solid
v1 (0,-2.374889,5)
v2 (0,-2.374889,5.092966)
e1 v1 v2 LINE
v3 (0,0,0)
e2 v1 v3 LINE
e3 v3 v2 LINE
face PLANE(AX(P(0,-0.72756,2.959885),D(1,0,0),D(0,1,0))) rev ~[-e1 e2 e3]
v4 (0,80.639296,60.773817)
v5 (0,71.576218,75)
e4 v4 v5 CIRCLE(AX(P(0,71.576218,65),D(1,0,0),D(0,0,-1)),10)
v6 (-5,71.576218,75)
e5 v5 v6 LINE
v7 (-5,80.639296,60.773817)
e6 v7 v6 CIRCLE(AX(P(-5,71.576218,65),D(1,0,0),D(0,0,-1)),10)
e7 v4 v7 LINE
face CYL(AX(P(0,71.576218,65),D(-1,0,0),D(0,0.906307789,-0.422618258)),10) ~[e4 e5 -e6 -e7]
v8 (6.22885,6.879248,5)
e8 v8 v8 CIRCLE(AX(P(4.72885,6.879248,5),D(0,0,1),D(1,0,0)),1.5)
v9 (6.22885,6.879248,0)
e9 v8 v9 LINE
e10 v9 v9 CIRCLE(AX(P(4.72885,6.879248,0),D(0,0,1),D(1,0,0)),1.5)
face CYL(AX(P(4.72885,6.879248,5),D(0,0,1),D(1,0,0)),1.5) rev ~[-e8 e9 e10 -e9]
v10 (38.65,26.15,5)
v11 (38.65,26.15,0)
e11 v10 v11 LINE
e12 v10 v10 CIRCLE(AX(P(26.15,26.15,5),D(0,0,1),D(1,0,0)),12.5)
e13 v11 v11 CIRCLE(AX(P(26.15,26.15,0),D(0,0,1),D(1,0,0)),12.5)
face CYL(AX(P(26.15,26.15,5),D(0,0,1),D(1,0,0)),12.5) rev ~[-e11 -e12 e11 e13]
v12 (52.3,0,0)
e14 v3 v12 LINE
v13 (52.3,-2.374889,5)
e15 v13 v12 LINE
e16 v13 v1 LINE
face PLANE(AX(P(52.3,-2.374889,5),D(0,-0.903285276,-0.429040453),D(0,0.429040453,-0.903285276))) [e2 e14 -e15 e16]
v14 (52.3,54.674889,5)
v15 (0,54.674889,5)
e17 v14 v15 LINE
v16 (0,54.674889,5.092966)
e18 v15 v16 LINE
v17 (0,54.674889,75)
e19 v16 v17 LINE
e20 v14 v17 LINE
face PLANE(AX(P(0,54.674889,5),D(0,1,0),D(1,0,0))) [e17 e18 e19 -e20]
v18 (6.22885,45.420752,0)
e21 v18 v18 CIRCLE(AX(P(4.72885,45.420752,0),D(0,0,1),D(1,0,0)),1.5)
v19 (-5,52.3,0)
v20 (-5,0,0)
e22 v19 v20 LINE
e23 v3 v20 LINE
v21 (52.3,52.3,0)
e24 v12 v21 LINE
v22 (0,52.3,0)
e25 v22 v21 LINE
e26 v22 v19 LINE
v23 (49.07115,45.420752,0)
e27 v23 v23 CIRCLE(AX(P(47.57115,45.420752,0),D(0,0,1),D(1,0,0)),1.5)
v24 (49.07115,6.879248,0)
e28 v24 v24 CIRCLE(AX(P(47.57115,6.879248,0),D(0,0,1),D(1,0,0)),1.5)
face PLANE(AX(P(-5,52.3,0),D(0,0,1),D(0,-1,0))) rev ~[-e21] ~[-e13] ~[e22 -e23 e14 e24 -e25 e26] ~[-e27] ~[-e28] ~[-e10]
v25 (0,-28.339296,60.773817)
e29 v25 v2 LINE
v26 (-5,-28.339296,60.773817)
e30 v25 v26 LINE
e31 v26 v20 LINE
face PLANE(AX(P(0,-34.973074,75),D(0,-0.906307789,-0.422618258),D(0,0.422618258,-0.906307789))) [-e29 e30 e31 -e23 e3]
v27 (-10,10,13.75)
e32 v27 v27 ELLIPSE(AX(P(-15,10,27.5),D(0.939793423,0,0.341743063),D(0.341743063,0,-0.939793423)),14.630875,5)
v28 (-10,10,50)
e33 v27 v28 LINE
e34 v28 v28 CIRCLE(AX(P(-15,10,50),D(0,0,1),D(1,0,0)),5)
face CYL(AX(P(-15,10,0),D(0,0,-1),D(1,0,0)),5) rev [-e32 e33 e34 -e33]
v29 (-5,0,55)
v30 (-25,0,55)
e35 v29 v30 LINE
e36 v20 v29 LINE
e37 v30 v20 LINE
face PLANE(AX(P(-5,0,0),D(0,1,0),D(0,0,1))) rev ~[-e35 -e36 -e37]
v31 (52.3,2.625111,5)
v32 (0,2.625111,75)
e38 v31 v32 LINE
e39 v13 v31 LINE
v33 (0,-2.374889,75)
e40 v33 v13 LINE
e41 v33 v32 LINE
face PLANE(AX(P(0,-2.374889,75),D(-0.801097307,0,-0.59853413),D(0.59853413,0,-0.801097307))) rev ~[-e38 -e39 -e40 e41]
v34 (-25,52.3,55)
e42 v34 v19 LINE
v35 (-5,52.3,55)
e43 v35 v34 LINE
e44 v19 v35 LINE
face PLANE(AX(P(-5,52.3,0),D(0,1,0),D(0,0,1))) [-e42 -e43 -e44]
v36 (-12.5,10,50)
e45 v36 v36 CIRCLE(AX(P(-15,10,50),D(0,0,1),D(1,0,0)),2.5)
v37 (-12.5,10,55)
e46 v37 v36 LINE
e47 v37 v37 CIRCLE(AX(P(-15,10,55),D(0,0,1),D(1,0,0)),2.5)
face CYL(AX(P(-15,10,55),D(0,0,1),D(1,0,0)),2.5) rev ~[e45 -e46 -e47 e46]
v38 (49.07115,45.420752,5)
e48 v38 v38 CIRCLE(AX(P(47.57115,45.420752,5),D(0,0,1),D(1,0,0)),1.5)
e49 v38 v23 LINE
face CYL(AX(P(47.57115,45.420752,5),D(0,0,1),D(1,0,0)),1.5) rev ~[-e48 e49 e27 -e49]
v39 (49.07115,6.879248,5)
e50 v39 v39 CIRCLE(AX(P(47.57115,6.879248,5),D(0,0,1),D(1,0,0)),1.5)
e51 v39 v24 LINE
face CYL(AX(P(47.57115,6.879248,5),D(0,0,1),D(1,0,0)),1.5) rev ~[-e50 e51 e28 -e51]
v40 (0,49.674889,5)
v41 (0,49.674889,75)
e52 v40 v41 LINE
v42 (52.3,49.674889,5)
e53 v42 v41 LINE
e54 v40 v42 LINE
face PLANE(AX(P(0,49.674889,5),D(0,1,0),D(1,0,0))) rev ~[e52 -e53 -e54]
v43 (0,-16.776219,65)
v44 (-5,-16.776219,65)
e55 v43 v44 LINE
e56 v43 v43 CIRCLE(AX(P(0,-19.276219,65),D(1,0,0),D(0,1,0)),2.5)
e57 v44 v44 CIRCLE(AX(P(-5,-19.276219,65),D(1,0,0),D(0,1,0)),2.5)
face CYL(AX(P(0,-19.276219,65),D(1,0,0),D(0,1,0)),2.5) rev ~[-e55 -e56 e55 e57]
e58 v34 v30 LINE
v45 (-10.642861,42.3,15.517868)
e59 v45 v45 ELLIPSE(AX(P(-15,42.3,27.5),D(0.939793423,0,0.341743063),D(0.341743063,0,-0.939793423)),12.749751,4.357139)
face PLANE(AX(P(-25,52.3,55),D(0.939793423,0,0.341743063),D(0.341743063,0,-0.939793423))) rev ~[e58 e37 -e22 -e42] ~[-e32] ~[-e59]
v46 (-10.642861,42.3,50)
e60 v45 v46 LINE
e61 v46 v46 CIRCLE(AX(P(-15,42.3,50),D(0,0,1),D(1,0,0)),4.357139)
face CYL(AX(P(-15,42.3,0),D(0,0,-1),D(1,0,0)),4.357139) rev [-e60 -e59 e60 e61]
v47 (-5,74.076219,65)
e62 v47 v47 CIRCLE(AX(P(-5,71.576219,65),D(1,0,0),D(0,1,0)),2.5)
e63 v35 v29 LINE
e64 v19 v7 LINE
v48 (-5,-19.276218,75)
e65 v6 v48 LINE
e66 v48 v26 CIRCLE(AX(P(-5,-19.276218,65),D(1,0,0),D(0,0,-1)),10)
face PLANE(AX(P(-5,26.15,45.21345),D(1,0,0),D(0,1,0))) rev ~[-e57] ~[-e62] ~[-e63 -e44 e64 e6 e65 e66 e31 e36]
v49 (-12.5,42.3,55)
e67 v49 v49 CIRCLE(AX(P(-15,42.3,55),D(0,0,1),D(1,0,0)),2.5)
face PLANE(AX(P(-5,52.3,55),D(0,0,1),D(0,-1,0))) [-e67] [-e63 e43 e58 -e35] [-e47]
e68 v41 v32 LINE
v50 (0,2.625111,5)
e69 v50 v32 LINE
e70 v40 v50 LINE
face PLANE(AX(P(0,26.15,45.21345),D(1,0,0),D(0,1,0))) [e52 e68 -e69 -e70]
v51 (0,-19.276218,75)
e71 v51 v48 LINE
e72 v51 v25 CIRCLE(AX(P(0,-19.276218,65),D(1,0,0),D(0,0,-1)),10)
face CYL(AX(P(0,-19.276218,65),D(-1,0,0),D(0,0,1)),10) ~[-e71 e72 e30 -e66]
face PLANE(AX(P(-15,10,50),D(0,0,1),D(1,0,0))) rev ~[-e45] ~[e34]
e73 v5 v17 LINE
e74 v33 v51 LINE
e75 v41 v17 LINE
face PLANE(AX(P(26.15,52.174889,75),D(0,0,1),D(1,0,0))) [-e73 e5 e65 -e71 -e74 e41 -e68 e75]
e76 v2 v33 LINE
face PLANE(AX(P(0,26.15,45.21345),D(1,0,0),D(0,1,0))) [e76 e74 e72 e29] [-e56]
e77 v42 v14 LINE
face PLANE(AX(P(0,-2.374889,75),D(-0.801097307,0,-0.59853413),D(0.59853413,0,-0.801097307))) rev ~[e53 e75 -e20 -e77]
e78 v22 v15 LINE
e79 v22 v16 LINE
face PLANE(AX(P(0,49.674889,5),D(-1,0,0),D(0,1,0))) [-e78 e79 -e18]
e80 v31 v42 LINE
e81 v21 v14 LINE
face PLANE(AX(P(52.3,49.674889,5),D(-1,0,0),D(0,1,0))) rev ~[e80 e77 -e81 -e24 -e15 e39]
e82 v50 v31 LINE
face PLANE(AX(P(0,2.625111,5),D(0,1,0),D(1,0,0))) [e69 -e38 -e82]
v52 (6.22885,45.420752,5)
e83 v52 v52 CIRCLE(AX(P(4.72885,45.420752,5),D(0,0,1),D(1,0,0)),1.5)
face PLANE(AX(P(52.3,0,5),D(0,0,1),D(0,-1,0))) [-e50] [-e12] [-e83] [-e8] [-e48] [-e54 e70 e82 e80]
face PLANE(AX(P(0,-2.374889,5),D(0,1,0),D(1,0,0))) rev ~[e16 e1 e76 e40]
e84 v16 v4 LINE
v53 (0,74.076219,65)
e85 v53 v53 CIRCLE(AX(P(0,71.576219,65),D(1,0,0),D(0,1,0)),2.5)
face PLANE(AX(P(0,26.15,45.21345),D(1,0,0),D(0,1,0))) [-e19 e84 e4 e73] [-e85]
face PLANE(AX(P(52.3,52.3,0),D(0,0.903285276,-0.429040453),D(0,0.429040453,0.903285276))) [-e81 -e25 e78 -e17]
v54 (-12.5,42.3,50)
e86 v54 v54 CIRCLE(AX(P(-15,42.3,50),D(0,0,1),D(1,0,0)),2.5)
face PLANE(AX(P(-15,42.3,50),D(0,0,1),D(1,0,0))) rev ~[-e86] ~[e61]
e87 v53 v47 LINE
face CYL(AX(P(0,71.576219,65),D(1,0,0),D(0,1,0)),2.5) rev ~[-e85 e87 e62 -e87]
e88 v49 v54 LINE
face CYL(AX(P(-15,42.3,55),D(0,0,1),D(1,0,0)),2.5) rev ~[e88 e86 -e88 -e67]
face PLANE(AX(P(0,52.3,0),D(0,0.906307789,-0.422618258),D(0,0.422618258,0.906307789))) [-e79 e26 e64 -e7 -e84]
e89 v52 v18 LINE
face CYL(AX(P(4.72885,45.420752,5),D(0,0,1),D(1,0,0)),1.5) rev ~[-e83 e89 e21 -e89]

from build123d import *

# Parameters (mm, degrees)
F0_W      = 52.3
F0_H      = 52.3
F1_DEPTH  = 5
F3_DEPTH  = 5
F4_W      = 52.3
F4_H      = 55
F5_DEPTH  = 20
F7_DEPTH  = 52.3
F8_R      = 5
F8_R_2    = 4.357139
F9_DEPTH  = 50
F10_R     = 2.5
F11_DEPTH = 55.001
F13_DEPTH = 52.3
F14_W     = 52.3
F14_H     = 5
F15_DEPTH = 70
F17_DEPTH = 89.648963
F18_R     = 10
F19_R     = 12.5
F19_R_2   = 1.5
F20_DEPTH = 5.001
F21_R     = 2.5
F22_DEPTH = 25.001


with BuildPart() as f1:
    # F0 (on Top) → F1 (new body)
    with BuildSketch(Plane.XY):
        with Locations((26.15, 26.15)):
            Rectangle(F0_W, F0_H)
    extrude(amount=F1_DEPTH)

    # F2 (on Right) → F3 (join)
    with BuildSketch(Plane.YZ):
        Polygon((0, 0), (52.3, 0), (87.273074, 75), (26.15, 75), (-34.973074, 75), align=None)
    extrude(amount=-F3_DEPTH)

    # F4 (on face) → F5 (join)
    with BuildSketch(Plane(origin=(-5, 0, 0), x_dir=(0, -1, 0), z_dir=(-1, 0, 0))):
        with Locations((-26.15, 27.5)):
            Rectangle(F4_W, F4_H)
    extrude(amount=F5_DEPTH)

    # F6 (on face) → F7 (cut, through all)
    with BuildSketch(Plane(origin=(0, 52.3, 0), x_dir=(-1, 0, 0), z_dir=(0, 1, 0))):
        Polygon((25, 55), (5, 0), (25, 0), align=None)
    extrude(amount=-F7_DEPTH, mode=Mode.SUBTRACT)

    # F8 (on Top) → F9 (cut)
    with BuildSketch(Plane.XY):
        with Locations((-15, 10)):
            Circle(F8_R)
        with Locations((-15, 42.3)):
            Circle(F8_R_2)
    extrude(amount=F9_DEPTH, mode=Mode.SUBTRACT)

    # F10 (on face) → F11 (cut, through all)
    with BuildSketch(Plane.XY.offset(55)):
        with Locations((-15, 42.3)):
            Circle(F10_R)
        with Locations((-15, 10)):
            Circle(F10_R)
    extrude(amount=-F11_DEPTH, mode=Mode.SUBTRACT)

    # F12 (on face) → F13 (join, through all)
    with BuildSketch(Plane.YZ.offset(52.3)):
        Polygon((0, 0), (0, 5), (-2.374889, 5), align=None)
        Polygon((54.674889, 5), (52.3, 5), (52.3, 0), align=None)
    extrude(amount=-F13_DEPTH)

    # F14 (on face) → F15 (join, through all)
    with BuildSketch(Plane.XY.offset(5)):
        with Locations((26.15, 52.174889)):
            Rectangle(F14_W, F14_H)
        with Locations((26.15, 0.125111)):
            Rectangle(F14_W, F14_H)
    extrude(amount=F15_DEPTH)

    # F16 (on face) → F17 (cut, through all)
    with BuildSketch(Plane.XZ.offset(2.374889)):
        Polygon((52.3, 75), (0, 75), (52.3, 5), align=None)
    extrude(amount=-F17_DEPTH, mode=Mode.SUBTRACT)

    # F18
    f18_edges = [f1.edges().sort_by_distance(p)[0] for p in [
        (-2.5, -34.973074, 75),
        (-2.5, 87.273074, 75),
    ]]
    fillet(f18_edges, radius=F18_R)

    # F19 (on face) → F20 (cut, through all)
    with BuildSketch(Plane.XY.offset(5)):
        with Locations((26.15, 26.15)):
            Circle(F19_R)
        with Locations((4.72885, 6.879248)):
            Circle(F19_R_2)
        with Locations((4.72885, 45.420752)):
            Circle(F19_R_2)
        with Locations((47.57115, 45.420752)):
            Circle(F19_R_2)
        with Locations((47.57115, 6.879248)):
            Circle(F19_R_2)
    extrude(amount=-F20_DEPTH, mode=Mode.SUBTRACT)

    # F21 (on face) → F22 (cut, through all)
    with BuildSketch(Plane.YZ):
        with Locations((-19.276219, 65)):
            Circle(F21_R)
        with Locations((71.576219, 65)):
            Circle(F21_R)
    extrude(amount=-F22_DEPTH, mode=Mode.SUBTRACT)


solid = f1.part
